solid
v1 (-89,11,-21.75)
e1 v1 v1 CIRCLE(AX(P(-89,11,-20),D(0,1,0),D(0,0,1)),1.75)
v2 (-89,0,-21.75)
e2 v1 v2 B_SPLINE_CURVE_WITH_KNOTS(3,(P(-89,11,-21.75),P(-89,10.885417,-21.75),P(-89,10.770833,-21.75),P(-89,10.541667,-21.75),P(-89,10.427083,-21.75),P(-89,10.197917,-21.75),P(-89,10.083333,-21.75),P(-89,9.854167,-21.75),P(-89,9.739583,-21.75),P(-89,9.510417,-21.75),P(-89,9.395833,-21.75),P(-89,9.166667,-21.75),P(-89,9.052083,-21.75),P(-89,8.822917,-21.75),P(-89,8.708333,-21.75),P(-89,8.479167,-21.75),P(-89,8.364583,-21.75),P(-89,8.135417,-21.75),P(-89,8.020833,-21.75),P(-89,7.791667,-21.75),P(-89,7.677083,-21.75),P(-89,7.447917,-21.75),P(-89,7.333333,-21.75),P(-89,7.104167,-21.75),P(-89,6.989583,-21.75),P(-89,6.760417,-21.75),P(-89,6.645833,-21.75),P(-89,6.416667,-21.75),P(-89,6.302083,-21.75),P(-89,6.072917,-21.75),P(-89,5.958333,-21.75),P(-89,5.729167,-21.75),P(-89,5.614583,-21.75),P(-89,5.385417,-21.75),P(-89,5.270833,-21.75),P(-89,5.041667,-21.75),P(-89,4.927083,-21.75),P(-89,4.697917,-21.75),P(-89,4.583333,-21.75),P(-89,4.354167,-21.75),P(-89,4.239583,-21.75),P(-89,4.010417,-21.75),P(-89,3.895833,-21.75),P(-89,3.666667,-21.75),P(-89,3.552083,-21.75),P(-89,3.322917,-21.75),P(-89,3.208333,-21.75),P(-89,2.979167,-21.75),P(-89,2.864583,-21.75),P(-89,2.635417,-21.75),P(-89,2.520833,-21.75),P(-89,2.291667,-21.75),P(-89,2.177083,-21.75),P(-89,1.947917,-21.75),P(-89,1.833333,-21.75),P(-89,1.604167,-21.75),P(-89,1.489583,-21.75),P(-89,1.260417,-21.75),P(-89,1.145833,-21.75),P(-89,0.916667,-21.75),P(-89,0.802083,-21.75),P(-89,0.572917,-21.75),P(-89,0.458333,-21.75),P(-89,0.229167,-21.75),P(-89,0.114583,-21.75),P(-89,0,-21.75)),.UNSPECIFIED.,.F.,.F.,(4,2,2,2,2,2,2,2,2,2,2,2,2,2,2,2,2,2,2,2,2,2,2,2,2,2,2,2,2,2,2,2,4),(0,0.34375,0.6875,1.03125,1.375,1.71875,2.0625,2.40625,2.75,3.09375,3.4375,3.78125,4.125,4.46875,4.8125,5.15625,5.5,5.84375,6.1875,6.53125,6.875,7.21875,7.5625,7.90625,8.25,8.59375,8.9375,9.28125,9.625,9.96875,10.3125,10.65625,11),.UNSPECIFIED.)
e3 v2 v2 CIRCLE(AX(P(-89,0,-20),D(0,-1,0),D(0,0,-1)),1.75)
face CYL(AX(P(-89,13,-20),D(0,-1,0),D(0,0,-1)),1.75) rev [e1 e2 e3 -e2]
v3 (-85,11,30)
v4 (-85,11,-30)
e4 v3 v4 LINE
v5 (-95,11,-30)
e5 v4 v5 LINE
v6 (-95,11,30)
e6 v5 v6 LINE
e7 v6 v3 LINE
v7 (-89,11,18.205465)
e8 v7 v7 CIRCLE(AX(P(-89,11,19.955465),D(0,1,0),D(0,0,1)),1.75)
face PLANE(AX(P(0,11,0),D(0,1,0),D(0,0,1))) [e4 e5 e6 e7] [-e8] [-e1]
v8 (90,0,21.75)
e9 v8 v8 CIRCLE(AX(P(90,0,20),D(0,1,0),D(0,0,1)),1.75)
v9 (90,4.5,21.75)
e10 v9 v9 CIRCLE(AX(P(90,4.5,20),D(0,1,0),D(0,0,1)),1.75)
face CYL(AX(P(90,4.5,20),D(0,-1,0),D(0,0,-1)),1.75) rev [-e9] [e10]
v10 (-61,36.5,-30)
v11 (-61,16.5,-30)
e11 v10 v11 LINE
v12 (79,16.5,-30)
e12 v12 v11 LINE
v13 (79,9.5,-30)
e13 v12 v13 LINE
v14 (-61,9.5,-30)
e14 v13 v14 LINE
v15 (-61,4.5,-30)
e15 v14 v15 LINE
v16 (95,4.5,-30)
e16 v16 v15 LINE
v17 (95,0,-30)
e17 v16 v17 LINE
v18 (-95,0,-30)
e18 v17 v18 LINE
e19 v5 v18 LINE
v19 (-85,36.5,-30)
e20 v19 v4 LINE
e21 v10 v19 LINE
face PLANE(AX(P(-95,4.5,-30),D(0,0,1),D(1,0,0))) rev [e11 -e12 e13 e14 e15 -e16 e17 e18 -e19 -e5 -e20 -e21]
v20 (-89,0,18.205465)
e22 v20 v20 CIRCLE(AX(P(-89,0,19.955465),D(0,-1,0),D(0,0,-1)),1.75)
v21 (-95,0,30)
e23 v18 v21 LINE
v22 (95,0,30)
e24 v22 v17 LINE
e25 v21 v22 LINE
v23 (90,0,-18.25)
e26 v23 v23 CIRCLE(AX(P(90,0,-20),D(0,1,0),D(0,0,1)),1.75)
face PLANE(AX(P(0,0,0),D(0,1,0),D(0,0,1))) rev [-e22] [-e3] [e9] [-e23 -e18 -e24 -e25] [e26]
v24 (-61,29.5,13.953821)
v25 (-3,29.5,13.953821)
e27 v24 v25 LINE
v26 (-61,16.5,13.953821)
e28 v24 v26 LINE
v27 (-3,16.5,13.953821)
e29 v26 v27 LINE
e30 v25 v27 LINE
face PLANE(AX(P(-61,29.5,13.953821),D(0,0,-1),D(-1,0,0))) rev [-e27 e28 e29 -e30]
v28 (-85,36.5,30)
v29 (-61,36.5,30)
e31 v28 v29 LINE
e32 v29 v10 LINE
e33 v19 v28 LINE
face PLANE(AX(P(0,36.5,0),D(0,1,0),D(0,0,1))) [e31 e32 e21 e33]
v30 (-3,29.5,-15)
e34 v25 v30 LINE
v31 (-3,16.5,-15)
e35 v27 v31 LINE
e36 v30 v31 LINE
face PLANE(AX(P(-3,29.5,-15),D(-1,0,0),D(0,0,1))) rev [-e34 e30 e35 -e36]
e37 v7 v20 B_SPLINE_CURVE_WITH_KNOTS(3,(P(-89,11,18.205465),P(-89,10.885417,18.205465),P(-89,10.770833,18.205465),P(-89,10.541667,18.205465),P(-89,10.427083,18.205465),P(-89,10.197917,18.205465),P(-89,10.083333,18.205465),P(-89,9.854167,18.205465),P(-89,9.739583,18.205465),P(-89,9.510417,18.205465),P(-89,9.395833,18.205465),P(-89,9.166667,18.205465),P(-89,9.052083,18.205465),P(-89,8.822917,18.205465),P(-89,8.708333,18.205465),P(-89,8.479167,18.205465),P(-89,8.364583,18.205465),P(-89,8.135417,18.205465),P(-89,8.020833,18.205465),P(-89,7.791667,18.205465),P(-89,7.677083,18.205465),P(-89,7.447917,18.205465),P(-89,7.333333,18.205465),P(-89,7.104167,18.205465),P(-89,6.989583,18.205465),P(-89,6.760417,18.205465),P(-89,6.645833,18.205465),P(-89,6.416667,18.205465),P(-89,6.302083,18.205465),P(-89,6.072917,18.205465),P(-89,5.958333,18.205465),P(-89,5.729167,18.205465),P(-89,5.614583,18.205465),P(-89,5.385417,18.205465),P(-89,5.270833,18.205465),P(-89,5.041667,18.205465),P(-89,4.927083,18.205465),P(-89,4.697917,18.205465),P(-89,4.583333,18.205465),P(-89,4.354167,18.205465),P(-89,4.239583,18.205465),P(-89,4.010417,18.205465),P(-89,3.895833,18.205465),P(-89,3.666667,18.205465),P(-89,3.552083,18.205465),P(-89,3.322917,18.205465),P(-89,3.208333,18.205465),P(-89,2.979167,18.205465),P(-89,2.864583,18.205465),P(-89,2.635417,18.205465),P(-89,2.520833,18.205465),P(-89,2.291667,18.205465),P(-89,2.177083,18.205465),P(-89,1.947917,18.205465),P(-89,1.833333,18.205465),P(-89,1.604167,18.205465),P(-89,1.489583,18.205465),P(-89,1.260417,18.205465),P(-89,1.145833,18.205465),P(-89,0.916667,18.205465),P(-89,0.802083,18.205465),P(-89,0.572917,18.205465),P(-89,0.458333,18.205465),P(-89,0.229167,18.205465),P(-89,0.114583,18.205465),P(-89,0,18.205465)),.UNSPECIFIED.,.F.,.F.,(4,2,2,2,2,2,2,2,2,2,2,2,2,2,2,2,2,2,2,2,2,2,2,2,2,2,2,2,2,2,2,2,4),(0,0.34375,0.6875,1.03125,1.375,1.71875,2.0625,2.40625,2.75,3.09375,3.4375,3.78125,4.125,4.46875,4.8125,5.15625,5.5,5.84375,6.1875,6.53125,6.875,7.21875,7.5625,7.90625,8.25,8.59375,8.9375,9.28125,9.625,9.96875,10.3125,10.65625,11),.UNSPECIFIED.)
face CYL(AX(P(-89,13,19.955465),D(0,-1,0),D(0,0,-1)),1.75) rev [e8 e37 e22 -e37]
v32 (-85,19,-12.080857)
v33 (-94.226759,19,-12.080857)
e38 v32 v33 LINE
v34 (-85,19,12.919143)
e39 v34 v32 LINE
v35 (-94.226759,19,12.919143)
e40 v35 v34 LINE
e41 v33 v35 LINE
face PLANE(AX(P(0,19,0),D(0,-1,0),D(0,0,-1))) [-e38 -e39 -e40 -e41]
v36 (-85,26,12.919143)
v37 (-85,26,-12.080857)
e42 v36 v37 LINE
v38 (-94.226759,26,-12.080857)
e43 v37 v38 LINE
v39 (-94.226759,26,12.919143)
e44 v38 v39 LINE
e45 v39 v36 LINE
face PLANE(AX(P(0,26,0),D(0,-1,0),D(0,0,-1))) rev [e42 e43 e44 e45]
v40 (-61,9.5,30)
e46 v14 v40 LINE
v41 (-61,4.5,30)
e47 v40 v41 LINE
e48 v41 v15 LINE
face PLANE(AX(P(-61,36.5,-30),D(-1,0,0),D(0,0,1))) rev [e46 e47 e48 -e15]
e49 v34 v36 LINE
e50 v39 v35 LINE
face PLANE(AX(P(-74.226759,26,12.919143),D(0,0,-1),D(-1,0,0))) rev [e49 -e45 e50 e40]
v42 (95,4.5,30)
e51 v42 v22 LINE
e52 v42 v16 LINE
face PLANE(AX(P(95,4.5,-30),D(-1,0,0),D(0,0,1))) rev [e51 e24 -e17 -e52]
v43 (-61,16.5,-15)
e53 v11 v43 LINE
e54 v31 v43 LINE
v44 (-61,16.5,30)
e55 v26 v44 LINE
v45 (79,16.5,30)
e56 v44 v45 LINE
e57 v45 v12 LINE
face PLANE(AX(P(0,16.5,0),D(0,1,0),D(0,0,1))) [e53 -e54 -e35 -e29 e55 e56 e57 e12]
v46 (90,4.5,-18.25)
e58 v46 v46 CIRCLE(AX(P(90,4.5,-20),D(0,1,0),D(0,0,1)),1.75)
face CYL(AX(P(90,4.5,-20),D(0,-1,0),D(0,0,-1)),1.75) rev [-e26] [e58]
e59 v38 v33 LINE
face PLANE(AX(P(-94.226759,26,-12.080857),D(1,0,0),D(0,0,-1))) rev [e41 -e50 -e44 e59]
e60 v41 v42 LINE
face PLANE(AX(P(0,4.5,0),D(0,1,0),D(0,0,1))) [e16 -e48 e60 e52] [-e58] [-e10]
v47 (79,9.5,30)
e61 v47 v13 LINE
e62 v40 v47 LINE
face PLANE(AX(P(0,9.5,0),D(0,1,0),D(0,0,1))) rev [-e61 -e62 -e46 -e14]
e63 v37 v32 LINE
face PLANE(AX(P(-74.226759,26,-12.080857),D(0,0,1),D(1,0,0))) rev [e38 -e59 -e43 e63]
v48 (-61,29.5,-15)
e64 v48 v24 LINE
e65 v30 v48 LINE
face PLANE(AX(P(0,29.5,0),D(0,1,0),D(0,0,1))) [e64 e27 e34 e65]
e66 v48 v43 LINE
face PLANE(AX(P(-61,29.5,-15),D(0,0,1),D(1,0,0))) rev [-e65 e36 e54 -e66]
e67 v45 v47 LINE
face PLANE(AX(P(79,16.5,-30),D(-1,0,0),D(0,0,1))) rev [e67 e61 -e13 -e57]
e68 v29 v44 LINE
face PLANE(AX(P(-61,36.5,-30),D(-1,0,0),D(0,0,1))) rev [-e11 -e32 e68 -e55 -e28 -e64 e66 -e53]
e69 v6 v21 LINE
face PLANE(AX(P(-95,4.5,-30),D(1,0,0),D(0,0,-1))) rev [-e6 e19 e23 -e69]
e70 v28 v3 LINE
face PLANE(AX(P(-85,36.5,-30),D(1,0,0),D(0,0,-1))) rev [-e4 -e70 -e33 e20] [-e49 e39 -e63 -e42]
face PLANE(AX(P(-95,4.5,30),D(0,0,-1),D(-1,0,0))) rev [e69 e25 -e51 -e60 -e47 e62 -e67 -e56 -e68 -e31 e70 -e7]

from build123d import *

# Parameters (mm, degrees)
SKETCH1_W           = 190
SKETCH1_H           = 60
SKETCH1_R           = 1.75
BOSS_EXTRUDE1_DEPTH = 4.5
SKETCH2_W           = 10
SKETCH2_H           = 60
BOSS_EXTRUDE2_DEPTH = 6.5
SKETCH3_W           = 24
SKETCH3_H           = 60
BOSS_EXTRUDE3_DEPTH = 32
SKETCH5_W           = 20
SKETCH5_H           = 25
BOSS_EXTRUDE4_DEPTH = 7
SKETCH6_W           = 140
SKETCH6_H           = 60
BOSS_EXTRUDE5_DEPTH = 7
SKETCH7_W           = 58
SKETCH7_H           = 28.953821303
BOSS_EXTRUDE6_DEPTH = 13
SKETCH8_R           = 1.75
CUT_EXTRUDE1_DEPTH  = 13


with BuildPart() as part:
    # Sketch1 → Boss-Extrude1 (new body)
    with BuildSketch(Plane(origin=(0, 0, 0), x_dir=(1, 0, 0), z_dir=(0, 1, 0))):
        Rectangle(SKETCH1_W, SKETCH1_H)
        with Locations(Location((90, -20, 0), (0, 0, 270))):
            Circle(SKETCH1_R, mode=Mode.SUBTRACT)
        with Locations(Location((90, 20, 0), (0, 0, 270))):
            Circle(SKETCH1_R, mode=Mode.SUBTRACT)
    extrude(amount=BOSS_EXTRUDE1_DEPTH)

    # Sketch2 → Boss-Extrude2 (add)
    with BuildSketch(Plane(origin=(0, 4.5, 0), x_dir=(1, 0, 0), z_dir=(0, 1, 0))):
        with Locations((-90, 0)):
            Rectangle(SKETCH2_W, SKETCH2_H)
    extrude(amount=BOSS_EXTRUDE2_DEPTH)

    # Sketch3 → Boss-Extrude3 (add)
    with BuildSketch(Plane(origin=(0, 4.5, 0), x_dir=(1, 0, 0), z_dir=(0, 1, 0))):
        with Locations((-73, 0)):
            Rectangle(SKETCH3_W, SKETCH3_H)
    extrude(amount=BOSS_EXTRUDE3_DEPTH)

    # Sketch5 → Boss-Extrude4 (add)
    with BuildSketch(Plane(origin=(0, 19, 0), x_dir=(1, 0, 0), z_dir=(0, 1, 0))):
        with Locations((-84.226759087, -0.419143158)):
            Rectangle(SKETCH5_W, SKETCH5_H)
    extrude(amount=BOSS_EXTRUDE4_DEPTH)

    # Sketch6 → Boss-Extrude5 (add)
    with BuildSketch(Plane(origin=(0, 9.5, 0), x_dir=(1, 0, 0), z_dir=(0, 1, 0))):
        with Locations((9, 0)):
            Rectangle(SKETCH6_W, SKETCH6_H)
    extrude(amount=BOSS_EXTRUDE5_DEPTH)

    # Sketch7 → Boss-Extrude6 (add)
    with BuildSketch(Plane(origin=(0, 16.5, 0), x_dir=(1, 0, 0), z_dir=(0, 1, 0))):
        with Locations((-32, 0.523089349)):
            Rectangle(SKETCH7_W, SKETCH7_H)
    extrude(amount=BOSS_EXTRUDE6_DEPTH)

    # Sketch8 → Cut-Extrude1 (cut)
    with BuildSketch(Plane.XZ):
        with Locations(Location((-89, -20, 0), (0, 0, 270))):
            Circle(SKETCH8_R)
        with Locations(Location((-89, 19.955464874, 0), (0, 0, 270))):
            Circle(SKETCH8_R)
    extrude(amount=-CUT_EXTRUDE1_DEPTH, mode=Mode.SUBTRACT)


solid = part.part
